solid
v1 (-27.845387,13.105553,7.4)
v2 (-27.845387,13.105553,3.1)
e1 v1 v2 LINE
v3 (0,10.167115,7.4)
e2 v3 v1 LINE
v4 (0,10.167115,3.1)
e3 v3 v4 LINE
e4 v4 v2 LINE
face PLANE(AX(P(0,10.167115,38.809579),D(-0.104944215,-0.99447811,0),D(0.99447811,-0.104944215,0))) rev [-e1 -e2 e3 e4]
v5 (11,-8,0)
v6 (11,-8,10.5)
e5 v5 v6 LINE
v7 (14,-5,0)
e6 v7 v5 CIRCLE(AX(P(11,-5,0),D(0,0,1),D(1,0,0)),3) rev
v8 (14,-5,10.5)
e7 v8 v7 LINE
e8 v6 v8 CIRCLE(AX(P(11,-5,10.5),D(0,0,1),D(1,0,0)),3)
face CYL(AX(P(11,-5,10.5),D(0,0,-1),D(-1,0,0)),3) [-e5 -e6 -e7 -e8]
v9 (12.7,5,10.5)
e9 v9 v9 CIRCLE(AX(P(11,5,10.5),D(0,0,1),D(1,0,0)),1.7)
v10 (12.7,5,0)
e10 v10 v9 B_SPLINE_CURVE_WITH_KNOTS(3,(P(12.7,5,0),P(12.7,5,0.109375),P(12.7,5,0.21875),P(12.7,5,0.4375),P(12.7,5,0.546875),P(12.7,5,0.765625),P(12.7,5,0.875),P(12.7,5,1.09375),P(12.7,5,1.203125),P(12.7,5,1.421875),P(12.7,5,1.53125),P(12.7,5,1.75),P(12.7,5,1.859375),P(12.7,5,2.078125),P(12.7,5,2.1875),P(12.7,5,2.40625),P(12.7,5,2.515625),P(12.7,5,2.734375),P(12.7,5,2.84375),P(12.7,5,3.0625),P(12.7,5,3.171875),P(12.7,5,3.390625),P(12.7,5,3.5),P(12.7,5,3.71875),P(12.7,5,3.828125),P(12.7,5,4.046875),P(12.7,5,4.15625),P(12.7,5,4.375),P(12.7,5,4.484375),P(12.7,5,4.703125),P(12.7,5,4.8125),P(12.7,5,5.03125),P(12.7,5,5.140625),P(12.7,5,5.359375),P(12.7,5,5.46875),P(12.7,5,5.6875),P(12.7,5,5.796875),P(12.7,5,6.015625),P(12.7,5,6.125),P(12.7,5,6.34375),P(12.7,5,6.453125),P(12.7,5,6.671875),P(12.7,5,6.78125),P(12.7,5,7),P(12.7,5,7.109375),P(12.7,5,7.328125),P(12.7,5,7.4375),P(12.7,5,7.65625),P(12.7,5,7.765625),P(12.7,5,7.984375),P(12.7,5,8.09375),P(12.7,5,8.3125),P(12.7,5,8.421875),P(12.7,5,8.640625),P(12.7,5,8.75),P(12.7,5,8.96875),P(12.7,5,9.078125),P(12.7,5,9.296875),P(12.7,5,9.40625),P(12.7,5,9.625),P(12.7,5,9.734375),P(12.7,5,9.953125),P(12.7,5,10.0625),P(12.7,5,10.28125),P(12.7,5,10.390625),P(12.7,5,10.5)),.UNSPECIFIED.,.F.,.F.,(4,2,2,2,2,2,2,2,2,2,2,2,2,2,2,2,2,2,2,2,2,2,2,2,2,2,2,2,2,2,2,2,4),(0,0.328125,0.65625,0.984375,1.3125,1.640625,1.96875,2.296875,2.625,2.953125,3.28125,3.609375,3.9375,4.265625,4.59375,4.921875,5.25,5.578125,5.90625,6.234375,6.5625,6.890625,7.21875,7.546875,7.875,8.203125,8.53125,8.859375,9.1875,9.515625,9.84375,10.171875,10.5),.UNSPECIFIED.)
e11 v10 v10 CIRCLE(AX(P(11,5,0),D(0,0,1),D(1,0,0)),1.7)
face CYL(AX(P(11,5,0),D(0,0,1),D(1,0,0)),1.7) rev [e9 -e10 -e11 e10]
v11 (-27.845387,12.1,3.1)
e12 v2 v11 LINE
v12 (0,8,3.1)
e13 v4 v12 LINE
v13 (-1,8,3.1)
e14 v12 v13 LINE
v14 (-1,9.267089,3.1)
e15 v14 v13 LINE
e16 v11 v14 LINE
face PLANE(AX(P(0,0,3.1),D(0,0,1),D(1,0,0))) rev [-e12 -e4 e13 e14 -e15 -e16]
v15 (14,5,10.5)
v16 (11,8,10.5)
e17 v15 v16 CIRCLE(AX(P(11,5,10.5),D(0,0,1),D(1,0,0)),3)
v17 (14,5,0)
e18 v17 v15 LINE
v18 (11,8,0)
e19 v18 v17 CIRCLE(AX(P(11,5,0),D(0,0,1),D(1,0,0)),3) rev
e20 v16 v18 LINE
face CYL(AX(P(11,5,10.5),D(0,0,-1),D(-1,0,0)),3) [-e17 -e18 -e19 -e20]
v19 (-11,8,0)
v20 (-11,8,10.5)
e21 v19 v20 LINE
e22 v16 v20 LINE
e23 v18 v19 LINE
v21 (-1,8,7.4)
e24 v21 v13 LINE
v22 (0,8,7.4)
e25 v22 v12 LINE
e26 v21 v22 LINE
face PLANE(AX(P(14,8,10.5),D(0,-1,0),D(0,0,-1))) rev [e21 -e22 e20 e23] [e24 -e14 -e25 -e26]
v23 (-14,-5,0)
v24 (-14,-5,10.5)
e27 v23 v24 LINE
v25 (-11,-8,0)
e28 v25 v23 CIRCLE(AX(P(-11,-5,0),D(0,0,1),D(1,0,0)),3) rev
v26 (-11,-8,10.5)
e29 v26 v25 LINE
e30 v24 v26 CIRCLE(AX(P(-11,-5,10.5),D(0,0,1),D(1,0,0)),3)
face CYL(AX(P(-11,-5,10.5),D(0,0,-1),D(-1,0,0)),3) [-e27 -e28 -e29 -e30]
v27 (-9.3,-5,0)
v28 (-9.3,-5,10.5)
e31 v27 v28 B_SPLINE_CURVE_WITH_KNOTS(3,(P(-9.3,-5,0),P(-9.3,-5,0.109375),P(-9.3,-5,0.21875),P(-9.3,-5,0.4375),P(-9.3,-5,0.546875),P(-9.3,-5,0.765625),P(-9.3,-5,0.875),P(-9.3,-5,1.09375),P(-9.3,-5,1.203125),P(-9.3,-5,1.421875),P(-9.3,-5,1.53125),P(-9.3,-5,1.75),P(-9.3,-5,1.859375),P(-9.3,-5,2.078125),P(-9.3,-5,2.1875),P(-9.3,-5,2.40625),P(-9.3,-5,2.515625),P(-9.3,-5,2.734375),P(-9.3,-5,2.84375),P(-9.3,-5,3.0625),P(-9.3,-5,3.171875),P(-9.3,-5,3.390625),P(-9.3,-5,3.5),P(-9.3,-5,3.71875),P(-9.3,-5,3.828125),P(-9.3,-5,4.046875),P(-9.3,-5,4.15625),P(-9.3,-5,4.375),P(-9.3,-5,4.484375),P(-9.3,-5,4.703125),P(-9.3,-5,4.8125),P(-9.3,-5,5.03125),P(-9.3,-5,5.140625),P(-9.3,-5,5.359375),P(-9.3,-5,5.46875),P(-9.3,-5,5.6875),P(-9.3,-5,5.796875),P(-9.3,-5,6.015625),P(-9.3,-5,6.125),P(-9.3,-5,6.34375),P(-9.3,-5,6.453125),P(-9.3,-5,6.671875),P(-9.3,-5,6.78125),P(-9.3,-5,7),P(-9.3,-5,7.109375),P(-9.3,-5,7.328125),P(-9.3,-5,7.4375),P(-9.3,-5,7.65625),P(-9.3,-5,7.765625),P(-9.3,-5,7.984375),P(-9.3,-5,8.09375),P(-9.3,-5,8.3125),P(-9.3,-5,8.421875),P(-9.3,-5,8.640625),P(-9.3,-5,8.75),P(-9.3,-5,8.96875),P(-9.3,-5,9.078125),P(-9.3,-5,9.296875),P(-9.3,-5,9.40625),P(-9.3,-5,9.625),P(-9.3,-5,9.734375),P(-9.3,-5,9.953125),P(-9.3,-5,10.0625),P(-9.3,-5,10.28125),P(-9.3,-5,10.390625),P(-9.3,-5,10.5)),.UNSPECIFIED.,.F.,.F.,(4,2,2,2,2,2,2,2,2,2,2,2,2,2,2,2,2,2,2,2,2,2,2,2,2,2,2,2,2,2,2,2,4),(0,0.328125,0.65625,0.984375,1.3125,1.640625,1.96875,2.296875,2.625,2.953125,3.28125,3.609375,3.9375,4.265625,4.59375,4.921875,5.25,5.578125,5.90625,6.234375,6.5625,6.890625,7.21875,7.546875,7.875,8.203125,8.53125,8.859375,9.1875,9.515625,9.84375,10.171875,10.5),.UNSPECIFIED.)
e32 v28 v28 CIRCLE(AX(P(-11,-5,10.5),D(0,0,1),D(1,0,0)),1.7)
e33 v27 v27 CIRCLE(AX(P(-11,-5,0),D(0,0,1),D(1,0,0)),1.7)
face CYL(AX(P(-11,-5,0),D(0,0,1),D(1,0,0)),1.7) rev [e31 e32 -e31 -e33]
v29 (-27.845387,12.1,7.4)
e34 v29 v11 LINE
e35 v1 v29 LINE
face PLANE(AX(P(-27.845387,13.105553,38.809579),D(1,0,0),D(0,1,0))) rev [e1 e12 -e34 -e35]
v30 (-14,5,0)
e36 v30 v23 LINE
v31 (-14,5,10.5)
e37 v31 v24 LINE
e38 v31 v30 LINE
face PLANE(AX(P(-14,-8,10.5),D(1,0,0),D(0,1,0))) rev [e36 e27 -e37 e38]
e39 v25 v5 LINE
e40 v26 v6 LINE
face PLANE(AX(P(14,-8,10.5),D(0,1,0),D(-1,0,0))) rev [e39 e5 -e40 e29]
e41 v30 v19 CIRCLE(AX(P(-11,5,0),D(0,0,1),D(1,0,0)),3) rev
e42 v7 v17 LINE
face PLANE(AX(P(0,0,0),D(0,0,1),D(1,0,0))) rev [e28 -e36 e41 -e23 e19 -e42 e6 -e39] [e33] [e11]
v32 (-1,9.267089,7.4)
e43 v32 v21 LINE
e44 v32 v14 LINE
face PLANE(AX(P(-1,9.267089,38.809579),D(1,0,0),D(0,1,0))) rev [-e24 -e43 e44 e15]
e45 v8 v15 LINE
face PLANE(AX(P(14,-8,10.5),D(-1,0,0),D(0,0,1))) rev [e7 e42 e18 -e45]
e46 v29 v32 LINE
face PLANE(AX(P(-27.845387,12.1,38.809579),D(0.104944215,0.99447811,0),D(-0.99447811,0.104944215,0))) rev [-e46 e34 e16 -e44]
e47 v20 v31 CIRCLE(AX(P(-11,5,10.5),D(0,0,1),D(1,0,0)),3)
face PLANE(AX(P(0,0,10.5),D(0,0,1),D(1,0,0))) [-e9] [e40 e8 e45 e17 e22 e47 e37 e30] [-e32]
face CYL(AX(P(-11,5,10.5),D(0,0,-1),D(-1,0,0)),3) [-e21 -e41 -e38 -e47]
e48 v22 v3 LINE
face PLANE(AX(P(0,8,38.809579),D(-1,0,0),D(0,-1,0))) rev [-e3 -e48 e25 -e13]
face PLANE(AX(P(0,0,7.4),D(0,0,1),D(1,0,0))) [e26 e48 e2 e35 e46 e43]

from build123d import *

# Parameters (mm, degrees)
SKETCH_1_W          = 28
SKETCH_1_H          = 16
EXTRUDE_1_DEPTH     = 10.5
SKETCH_2_R          = 1.7
CUT_EXTRUDE_1_DEPTH = 10.5
FILLET_1_R          = 3
EXTRUDE_2_DEPTH     = 10.5
SKETCH_4_W          = 27.845387087
SKETCH_4_H          = 5.10555255
CUT_EXTRUDE_2_DEPTH = 3.1
SKETCH_5_W          = 33.643456051
SKETCH_5_H          = 7.59321446
CUT_EXTRUDE_3_DEPTH = 3.1


with BuildPart() as part:
    # 草图1 → 凸台-拉伸1 (new body)
    with BuildSketch(Plane.XY):
        Rectangle(SKETCH_1_W, SKETCH_1_H)
    extrude(amount=EXTRUDE_1_DEPTH)

    # 草图2 → 切除-拉伸1 (cut)
    with BuildSketch(Plane.XY.offset(10.5)):
        with Locations((-11, -5)):
            Circle(SKETCH_2_R)
        with Locations((11, 5)):
            Circle(SKETCH_2_R)
    extrude(amount=-CUT_EXTRUDE_1_DEPTH, mode=Mode.SUBTRACT)

    # 圆角1
    fillet_1_edges = [part.edges().sort_by_distance(p)[0] for p in [
        (-14, 8, 5.25),
        (14, 8, 5.25),
        (14, -8, 5.25),
        (-14, -8, 5.25),
    ]]
    fillet(fillet_1_edges, radius=FILLET_1_R)

    # 草图3 → 凸台-拉伸2 (add)
    with BuildSketch(Plane.XY):
        Polygon((0, 8), (0, 10.167114537), (-27.845387087, 13.10555255), (-27.845387087, 12.1), (-1, 9.267088909), (-1, 8), align=None)
    extrude(amount=EXTRUDE_2_DEPTH)

    # 草图4 → 切除-拉伸2 (cut)
    with BuildSketch(Plane.XY.offset(10.5)):
        with Locations((-13.922693544, 10.552776275)):
            Rectangle(SKETCH_4_W, SKETCH_4_H)
    extrude(amount=-CUT_EXTRUDE_2_DEPTH, mode=Mode.SUBTRACT)

    # 草图5 → 切除-拉伸3 (cut)
    with BuildSketch(Plane(origin=(0, 0, 0), x_dir=(-1, 0, 0), z_dir=(0, 0, -1))):
        with Locations((16.821728026, 11.79660723)):
            Rectangle(SKETCH_5_W, SKETCH_5_H)
    extrude(amount=-CUT_EXTRUDE_3_DEPTH, mode=Mode.SUBTRACT)


solid = part.part
